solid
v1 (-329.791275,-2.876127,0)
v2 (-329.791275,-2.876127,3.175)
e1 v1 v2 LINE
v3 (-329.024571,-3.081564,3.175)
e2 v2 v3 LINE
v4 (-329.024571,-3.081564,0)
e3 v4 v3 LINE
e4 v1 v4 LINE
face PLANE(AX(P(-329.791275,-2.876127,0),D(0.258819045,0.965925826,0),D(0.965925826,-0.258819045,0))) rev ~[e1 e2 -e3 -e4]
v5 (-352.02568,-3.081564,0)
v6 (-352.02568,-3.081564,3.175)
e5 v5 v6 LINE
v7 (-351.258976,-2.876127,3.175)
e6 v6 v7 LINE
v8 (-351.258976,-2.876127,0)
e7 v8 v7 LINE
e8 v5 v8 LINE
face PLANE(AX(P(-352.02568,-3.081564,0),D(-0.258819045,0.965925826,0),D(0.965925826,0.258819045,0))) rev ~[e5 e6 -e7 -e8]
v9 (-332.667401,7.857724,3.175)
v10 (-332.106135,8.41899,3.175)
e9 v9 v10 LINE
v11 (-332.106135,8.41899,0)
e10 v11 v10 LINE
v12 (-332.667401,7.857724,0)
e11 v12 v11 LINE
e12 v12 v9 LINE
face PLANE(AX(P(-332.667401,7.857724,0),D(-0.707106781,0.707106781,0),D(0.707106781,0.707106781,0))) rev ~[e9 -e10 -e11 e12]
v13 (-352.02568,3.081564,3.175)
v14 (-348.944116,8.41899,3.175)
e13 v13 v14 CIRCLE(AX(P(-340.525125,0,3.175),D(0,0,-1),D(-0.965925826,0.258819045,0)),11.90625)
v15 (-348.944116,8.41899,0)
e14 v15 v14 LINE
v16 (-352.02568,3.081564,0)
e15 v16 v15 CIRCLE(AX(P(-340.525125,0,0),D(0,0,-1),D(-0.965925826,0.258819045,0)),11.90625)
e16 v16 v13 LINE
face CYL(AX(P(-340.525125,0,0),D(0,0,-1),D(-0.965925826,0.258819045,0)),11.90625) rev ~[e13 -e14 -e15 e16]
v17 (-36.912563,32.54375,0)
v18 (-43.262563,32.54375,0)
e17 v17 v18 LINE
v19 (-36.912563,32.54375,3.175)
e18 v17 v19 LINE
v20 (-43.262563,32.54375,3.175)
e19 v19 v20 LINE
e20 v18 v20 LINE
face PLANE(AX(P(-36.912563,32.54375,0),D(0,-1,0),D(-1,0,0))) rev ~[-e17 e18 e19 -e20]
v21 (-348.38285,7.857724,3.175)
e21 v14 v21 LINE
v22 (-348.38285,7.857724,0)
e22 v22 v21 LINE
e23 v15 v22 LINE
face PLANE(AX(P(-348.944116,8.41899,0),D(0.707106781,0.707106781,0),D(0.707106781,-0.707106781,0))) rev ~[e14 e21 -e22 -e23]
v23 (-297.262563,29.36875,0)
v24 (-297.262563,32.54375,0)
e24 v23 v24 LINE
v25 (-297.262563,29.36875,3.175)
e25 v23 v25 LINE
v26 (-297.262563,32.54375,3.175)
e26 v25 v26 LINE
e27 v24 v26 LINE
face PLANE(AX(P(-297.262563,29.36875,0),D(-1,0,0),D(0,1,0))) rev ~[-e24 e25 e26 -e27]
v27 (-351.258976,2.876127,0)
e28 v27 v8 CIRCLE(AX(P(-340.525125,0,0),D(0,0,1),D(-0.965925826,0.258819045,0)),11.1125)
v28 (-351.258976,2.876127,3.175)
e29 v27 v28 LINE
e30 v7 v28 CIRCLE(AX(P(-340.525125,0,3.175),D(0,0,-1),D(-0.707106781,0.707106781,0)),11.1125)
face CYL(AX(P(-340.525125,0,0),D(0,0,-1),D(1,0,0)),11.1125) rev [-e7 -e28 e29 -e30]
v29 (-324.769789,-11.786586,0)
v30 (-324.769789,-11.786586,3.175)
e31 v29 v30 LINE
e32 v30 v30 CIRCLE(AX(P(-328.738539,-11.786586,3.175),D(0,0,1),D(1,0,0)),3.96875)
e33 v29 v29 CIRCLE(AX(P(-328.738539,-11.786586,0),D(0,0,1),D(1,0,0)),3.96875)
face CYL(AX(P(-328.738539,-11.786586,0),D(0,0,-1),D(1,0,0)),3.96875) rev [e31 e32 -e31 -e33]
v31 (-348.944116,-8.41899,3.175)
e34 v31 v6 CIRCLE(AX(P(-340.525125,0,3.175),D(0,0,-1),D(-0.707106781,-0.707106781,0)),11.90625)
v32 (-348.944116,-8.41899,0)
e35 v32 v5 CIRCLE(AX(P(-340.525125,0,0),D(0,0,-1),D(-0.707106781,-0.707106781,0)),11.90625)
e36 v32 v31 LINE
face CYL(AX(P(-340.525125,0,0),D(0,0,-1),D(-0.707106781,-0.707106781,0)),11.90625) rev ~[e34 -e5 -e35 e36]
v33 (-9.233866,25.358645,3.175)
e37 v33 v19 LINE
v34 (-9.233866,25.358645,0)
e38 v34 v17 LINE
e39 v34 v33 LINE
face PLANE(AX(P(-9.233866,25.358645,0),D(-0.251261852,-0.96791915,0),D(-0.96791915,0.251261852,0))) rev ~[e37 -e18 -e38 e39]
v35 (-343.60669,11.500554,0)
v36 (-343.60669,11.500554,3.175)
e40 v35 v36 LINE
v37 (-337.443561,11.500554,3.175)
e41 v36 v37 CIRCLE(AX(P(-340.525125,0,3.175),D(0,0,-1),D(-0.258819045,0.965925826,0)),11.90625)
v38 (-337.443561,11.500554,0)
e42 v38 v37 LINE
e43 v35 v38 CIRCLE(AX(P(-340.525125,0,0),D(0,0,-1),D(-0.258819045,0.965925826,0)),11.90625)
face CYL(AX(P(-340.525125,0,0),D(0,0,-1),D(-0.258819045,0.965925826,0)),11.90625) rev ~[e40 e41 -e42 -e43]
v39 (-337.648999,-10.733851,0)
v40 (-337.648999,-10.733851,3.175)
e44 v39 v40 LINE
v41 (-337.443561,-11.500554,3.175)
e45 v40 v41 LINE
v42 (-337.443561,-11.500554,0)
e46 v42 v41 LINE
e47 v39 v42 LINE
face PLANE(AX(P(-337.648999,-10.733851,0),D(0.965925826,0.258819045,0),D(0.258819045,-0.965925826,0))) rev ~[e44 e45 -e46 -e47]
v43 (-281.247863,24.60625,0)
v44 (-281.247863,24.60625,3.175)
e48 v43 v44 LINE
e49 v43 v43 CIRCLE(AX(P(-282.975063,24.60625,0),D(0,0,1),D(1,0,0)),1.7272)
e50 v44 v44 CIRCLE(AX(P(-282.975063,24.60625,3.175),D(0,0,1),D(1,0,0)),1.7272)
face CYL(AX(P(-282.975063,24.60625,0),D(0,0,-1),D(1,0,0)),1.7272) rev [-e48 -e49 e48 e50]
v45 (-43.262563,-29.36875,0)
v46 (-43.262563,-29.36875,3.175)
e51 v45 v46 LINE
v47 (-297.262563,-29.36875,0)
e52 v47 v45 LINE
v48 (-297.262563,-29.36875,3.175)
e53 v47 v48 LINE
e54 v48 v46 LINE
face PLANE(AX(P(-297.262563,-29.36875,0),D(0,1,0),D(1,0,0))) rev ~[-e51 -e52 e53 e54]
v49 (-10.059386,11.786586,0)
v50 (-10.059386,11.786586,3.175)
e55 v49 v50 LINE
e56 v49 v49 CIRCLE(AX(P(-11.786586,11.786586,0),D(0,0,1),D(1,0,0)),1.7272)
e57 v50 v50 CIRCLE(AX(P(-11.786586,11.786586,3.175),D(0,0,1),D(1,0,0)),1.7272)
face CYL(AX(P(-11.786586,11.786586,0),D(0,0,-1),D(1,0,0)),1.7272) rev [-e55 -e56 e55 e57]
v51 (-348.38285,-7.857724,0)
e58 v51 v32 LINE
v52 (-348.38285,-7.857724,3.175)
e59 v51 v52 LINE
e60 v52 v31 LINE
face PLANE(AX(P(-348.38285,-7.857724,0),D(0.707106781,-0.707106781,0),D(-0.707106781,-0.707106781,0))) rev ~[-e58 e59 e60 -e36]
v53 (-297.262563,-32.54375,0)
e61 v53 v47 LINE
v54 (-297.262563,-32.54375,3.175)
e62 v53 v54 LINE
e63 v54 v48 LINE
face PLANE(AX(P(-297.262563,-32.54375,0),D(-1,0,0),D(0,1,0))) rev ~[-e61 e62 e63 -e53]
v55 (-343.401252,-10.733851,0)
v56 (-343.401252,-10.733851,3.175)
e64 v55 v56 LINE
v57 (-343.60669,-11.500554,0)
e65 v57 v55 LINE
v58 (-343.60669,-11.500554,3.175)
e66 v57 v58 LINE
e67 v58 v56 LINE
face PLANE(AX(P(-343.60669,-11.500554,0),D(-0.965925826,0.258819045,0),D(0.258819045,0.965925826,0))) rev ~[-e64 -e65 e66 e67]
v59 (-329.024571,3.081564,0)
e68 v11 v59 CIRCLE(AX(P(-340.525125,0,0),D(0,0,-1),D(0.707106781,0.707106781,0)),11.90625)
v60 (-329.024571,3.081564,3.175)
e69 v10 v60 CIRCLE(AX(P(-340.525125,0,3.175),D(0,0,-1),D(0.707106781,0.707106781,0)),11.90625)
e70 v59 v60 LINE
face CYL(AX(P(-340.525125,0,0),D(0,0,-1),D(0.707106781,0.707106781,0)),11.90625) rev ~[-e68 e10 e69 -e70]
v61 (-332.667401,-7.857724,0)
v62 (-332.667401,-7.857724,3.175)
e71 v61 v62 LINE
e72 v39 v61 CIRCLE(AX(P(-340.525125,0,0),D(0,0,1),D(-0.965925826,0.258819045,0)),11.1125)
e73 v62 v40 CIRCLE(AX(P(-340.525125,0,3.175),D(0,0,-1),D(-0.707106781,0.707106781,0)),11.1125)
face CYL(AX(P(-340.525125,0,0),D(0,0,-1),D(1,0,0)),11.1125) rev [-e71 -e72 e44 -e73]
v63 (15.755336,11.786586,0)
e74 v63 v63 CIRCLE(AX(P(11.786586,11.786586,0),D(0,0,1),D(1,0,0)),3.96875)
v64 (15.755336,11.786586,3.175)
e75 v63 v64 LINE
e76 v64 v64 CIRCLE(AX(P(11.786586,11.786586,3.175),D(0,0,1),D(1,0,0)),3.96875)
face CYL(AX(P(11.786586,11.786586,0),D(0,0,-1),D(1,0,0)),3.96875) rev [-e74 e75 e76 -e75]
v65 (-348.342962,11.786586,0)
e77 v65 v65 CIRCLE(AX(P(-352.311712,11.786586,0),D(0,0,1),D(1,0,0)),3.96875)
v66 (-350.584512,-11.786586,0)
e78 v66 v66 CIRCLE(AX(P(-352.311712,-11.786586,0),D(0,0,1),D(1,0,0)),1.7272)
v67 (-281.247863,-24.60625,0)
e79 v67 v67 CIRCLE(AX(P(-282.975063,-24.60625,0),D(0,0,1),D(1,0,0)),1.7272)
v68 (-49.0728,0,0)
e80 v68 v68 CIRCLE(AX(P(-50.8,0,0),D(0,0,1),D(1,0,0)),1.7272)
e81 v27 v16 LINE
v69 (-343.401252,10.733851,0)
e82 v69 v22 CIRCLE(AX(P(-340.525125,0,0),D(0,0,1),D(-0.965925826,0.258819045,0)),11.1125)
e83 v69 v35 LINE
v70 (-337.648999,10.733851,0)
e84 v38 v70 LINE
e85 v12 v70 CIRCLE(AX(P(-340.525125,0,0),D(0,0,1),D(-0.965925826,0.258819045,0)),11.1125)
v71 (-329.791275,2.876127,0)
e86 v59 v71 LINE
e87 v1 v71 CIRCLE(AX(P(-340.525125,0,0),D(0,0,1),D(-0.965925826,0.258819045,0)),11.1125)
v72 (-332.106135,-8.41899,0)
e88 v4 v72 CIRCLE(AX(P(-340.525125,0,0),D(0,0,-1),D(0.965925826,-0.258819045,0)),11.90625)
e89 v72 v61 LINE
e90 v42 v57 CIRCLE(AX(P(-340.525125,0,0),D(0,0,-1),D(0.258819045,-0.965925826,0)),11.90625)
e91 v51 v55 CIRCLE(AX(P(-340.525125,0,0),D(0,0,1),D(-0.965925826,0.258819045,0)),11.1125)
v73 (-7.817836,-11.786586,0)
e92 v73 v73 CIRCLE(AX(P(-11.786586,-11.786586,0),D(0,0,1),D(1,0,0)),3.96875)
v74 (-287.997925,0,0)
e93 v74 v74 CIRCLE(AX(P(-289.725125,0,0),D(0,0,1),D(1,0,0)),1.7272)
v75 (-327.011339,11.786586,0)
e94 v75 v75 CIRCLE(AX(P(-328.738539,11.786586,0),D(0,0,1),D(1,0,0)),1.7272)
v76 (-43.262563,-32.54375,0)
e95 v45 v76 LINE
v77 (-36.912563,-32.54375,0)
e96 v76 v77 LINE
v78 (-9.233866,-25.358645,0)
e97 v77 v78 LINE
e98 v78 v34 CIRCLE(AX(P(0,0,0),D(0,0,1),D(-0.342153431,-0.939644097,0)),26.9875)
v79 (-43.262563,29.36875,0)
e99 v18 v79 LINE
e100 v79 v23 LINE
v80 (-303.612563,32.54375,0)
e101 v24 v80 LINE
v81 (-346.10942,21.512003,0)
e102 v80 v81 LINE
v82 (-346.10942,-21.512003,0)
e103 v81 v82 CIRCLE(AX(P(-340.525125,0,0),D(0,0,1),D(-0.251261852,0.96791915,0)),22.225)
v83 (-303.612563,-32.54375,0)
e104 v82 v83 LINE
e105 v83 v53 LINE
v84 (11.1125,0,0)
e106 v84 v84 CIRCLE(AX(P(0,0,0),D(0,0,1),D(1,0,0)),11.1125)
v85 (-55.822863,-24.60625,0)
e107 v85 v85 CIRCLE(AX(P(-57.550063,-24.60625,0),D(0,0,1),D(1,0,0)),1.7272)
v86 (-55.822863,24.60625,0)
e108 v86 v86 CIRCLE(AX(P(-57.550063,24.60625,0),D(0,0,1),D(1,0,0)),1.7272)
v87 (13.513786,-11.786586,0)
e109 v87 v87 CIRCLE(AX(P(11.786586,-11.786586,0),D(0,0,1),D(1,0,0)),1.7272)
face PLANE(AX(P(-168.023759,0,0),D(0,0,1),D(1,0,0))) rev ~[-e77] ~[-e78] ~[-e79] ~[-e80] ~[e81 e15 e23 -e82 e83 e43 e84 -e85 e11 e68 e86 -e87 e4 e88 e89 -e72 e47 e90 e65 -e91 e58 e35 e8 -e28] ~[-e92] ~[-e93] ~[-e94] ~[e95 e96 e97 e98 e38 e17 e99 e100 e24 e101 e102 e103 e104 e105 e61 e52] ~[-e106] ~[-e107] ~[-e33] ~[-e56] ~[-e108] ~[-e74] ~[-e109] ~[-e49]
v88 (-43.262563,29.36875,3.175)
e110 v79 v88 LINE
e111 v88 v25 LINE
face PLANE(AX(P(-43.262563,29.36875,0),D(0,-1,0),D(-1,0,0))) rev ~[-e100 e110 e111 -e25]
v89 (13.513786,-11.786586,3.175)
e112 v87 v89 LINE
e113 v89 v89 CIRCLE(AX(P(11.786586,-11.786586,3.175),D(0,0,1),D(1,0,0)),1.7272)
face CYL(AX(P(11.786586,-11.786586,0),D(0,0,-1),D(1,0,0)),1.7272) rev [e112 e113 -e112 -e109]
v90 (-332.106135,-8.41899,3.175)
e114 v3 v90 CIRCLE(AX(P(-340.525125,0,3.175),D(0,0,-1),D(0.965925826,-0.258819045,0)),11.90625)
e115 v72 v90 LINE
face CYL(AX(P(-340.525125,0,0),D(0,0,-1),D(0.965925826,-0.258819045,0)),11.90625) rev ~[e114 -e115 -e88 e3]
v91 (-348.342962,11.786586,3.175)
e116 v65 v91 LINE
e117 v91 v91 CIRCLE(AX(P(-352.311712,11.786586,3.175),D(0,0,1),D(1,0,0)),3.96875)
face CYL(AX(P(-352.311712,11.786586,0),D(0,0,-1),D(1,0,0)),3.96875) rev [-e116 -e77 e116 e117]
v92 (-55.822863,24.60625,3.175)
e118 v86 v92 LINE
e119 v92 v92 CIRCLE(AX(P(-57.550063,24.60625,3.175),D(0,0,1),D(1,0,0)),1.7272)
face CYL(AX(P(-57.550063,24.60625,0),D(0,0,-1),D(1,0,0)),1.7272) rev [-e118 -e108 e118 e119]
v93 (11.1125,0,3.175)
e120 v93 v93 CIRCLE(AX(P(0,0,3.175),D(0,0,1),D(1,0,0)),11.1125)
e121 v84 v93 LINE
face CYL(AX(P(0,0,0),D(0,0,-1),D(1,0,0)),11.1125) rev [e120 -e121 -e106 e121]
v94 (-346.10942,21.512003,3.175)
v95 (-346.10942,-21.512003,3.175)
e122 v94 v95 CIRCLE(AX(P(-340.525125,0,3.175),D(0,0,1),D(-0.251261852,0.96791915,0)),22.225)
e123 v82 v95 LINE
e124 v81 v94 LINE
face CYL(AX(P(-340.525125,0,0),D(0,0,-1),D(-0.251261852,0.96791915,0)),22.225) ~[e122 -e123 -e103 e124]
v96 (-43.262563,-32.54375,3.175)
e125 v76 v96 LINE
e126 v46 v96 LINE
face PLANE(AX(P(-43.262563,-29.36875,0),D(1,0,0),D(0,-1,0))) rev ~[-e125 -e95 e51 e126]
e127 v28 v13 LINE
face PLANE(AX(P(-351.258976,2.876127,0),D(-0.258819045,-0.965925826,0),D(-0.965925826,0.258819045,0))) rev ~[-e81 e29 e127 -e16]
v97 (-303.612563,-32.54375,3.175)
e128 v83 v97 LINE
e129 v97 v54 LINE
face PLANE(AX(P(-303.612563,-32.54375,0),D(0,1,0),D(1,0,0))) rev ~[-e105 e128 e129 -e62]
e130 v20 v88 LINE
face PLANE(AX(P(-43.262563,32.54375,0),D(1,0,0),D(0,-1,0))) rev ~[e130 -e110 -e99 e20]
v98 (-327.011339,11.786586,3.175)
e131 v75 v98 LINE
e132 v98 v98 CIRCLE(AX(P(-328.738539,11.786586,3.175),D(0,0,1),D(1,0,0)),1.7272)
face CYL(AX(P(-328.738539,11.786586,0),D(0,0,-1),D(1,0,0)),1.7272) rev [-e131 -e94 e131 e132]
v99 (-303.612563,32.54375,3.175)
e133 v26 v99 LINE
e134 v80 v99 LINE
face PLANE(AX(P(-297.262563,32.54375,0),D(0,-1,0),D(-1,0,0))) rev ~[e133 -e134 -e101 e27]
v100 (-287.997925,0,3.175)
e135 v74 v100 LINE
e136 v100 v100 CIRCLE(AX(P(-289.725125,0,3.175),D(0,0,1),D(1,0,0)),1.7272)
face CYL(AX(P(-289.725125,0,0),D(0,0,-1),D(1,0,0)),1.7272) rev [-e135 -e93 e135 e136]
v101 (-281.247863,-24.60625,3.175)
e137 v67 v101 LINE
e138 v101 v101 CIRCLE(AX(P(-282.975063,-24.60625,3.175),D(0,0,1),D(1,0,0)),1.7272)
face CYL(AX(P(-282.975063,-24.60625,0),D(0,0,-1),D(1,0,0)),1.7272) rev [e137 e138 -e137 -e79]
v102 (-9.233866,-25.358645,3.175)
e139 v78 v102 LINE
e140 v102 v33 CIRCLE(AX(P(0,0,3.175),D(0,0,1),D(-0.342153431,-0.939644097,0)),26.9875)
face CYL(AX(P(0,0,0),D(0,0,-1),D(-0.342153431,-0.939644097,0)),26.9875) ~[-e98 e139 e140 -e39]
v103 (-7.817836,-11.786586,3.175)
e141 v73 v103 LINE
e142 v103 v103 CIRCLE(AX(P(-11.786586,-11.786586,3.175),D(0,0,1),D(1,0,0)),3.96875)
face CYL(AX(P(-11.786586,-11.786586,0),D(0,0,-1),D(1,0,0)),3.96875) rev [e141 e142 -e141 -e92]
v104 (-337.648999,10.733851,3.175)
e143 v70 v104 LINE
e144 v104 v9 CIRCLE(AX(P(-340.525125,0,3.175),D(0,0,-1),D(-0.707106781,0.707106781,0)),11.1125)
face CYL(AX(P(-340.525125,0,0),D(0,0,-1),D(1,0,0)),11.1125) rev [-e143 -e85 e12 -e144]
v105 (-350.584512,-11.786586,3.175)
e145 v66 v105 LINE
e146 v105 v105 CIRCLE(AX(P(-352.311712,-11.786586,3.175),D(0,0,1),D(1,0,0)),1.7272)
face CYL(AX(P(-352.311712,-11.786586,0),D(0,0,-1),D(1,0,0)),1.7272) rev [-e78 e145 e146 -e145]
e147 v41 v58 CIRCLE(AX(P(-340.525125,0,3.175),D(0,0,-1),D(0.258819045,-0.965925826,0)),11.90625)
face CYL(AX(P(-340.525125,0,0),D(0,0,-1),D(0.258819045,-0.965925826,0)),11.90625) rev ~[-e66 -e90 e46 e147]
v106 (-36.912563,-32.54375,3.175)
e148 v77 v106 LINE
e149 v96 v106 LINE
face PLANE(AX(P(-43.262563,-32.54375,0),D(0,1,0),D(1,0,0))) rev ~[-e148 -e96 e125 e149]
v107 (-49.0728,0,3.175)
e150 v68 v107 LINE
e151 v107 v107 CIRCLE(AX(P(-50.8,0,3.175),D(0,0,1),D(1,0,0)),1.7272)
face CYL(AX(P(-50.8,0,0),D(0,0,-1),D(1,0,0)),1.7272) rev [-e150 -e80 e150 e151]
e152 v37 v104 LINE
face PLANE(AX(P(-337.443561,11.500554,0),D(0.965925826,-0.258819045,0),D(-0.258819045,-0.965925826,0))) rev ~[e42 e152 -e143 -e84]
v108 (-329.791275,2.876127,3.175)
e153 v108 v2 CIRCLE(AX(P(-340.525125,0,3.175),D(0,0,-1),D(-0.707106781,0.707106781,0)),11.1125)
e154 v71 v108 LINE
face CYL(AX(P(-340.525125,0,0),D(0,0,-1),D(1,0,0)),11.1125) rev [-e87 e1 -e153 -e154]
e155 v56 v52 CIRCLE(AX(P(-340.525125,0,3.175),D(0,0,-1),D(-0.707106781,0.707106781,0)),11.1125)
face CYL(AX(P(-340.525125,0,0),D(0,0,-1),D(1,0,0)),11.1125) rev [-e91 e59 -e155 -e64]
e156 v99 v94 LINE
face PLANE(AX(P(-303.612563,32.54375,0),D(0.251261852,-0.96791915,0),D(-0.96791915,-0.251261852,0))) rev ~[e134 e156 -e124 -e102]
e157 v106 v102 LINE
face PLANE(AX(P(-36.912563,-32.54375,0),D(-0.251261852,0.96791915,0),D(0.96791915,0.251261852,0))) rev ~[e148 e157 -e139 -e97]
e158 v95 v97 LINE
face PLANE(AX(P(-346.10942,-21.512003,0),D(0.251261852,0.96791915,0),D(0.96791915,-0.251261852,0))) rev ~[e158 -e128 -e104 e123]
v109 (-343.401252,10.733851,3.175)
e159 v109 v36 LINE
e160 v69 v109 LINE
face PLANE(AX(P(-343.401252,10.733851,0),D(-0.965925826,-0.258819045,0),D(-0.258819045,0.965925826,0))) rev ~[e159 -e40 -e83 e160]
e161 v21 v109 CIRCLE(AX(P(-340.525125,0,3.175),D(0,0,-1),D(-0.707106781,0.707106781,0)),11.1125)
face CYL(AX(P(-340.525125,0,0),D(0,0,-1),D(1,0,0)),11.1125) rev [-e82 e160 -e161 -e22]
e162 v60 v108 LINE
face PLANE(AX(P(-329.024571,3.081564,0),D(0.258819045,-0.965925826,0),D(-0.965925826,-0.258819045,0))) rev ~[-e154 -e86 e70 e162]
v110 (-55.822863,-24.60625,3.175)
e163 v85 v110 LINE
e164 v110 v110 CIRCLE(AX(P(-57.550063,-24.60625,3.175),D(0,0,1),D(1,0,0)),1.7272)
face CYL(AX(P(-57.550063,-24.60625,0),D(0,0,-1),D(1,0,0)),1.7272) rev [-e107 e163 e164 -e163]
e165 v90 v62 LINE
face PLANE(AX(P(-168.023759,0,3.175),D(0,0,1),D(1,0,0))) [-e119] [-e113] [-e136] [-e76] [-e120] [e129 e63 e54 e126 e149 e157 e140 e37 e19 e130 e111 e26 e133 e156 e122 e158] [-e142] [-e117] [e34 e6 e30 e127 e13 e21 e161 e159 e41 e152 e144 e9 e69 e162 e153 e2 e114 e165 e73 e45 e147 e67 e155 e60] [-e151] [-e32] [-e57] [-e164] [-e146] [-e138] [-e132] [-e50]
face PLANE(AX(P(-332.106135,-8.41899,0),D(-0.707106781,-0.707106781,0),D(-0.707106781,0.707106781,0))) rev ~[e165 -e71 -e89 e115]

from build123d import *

# Parameters (mm, degrees)
F0_R     = 1.7272
F0_R_2   = 3.96875
F0_R_3   = 11.1125
F1_DEPTH = 3.175
F3_DEPTH = 3.175
F4_COUNT = 6
F4_ANGLE = 300


with BuildPart() as f1:
    # F0 (on Top) → F1 (new body)
    with BuildSketch(Plane.XY):
        with BuildLine():
            Line((-303.6125627, 32.54375), (-346.1094200534, 21.5120031198))
            ThreePointArc((-346.1094200534, 21.5120031198), (-362.7501254, 0), (-346.1094200534, -21.5120031198))
            Line((-346.1094200534, -21.5120031198), (-303.6125627, -32.54375))
            Line((-303.6125627, -32.54375), (-297.2625627, -32.54375))
            Line((-297.2625627, -32.54375), (-297.2625627, -29.36875))
            Line((-297.2625627, -29.36875), (-43.2625627, -29.36875))
            Line((-43.2625627, -29.36875), (-43.2625627, -32.54375))
            Line((-43.2625627, -32.54375), (-36.9125627, -32.54375))
            Line((-36.9125627, -32.54375), (-9.2338657221, -25.3586450757))
            ThreePointArc((-9.2338657221, -25.3586450757), (26.9875, 0), (-9.2338657221, 25.3586450757))
            Line((-9.2338657221, 25.3586450757), (-36.9125627, 32.54375))
            Line((-36.9125627, 32.54375), (-43.2625627, 32.54375))
            Line((-43.2625627, 32.54375), (-43.2625627, 29.36875))
            Line((-43.2625627, 29.36875), (-297.2625627, 29.36875))
            Line((-297.2625627, 29.36875), (-297.2625627, 32.54375))
            Line((-297.2625627, 32.54375), (-303.6125627, 32.54375))
        make_face()
        with Locations((-282.9750627, -24.60625)):
            Circle(F0_R, mode=Mode.SUBTRACT)
        with Locations((-352.3117115589, -11.7865861589)):
            Circle(F0_R, mode=Mode.SUBTRACT)
        with Locations((-328.7385392411, -11.7865861589)):
            Circle(F0_R_2, mode=Mode.SUBTRACT)
        with Locations((-57.5500627, -24.60625)):
            Circle(F0_R, mode=Mode.SUBTRACT)
        with Locations((-11.7865861589, -11.7865861589)):
            Circle(F0_R_2, mode=Mode.SUBTRACT)
        with Locations((11.7865861589, -11.7865861589)):
            Circle(F0_R, mode=Mode.SUBTRACT)
        with Locations((-340.5251254, 0)):
            Circle(F0_R_3, mode=Mode.SUBTRACT)
        with Locations((-289.7251254, 0)):
            Circle(F0_R, mode=Mode.SUBTRACT)
        with Locations((-352.3117115589, 11.7865861589)):
            Circle(F0_R_2, mode=Mode.SUBTRACT)
        with Locations((-328.7385392411, 11.7865861589)):
            Circle(F0_R, mode=Mode.SUBTRACT)
        with Locations((-282.9750627, 24.60625)):
            Circle(F0_R, mode=Mode.SUBTRACT)
        with Locations((-50.8, 0)):
            Circle(F0_R, mode=Mode.SUBTRACT)
        Circle(F0_R_3, mode=Mode.SUBTRACT)
        with Locations((-11.7865861589, 11.7865861589)):
            Circle(F0_R, mode=Mode.SUBTRACT)
        with Locations((11.7865861589, 11.7865861589)):
            Circle(F0_R_2, mode=Mode.SUBTRACT)
        with Locations((-57.5500627, 24.60625)):
            Circle(F0_R, mode=Mode.SUBTRACT)
    extrude(amount=F1_DEPTH)

    # F2 (on face) → F3 (cut, through all)
    with BuildSketch(Plane(origin=(0, 0, 0), x_dir=(1, 0, 0), z_dir=(0, 0, -1))):
        with BuildLine():
            ThreePointArc((-348.3828495059, -7.8577241059), (-350.1488326996, -5.55625), (-351.2589761446, -2.8761266387))
            Line((-351.2589761446, -2.8761266387), (-352.0256797693, -3.0815642558))
            ThreePointArc((-352.0256797693, -3.0815642558), (-350.8362403638, -5.953125), (-348.9441155135, -8.4189901135))
            Line((-348.9441155135, -8.4189901135), (-348.3828495059, -7.8577241059))
        make_face()
    f3 = extrude(amount=-F3_DEPTH, mode=Mode.SUBTRACT)

    # F4: F3 ×6 about axis
    f4_axis = Axis((-340.5251254, 0, 0), (0, 0, -1))
    for i in range(1, F4_COUNT):
        add(f3.rotate(f4_axis, i * F4_ANGLE / (F4_COUNT - 1)), mode=Mode.SUBTRACT)


solid = f1.part
